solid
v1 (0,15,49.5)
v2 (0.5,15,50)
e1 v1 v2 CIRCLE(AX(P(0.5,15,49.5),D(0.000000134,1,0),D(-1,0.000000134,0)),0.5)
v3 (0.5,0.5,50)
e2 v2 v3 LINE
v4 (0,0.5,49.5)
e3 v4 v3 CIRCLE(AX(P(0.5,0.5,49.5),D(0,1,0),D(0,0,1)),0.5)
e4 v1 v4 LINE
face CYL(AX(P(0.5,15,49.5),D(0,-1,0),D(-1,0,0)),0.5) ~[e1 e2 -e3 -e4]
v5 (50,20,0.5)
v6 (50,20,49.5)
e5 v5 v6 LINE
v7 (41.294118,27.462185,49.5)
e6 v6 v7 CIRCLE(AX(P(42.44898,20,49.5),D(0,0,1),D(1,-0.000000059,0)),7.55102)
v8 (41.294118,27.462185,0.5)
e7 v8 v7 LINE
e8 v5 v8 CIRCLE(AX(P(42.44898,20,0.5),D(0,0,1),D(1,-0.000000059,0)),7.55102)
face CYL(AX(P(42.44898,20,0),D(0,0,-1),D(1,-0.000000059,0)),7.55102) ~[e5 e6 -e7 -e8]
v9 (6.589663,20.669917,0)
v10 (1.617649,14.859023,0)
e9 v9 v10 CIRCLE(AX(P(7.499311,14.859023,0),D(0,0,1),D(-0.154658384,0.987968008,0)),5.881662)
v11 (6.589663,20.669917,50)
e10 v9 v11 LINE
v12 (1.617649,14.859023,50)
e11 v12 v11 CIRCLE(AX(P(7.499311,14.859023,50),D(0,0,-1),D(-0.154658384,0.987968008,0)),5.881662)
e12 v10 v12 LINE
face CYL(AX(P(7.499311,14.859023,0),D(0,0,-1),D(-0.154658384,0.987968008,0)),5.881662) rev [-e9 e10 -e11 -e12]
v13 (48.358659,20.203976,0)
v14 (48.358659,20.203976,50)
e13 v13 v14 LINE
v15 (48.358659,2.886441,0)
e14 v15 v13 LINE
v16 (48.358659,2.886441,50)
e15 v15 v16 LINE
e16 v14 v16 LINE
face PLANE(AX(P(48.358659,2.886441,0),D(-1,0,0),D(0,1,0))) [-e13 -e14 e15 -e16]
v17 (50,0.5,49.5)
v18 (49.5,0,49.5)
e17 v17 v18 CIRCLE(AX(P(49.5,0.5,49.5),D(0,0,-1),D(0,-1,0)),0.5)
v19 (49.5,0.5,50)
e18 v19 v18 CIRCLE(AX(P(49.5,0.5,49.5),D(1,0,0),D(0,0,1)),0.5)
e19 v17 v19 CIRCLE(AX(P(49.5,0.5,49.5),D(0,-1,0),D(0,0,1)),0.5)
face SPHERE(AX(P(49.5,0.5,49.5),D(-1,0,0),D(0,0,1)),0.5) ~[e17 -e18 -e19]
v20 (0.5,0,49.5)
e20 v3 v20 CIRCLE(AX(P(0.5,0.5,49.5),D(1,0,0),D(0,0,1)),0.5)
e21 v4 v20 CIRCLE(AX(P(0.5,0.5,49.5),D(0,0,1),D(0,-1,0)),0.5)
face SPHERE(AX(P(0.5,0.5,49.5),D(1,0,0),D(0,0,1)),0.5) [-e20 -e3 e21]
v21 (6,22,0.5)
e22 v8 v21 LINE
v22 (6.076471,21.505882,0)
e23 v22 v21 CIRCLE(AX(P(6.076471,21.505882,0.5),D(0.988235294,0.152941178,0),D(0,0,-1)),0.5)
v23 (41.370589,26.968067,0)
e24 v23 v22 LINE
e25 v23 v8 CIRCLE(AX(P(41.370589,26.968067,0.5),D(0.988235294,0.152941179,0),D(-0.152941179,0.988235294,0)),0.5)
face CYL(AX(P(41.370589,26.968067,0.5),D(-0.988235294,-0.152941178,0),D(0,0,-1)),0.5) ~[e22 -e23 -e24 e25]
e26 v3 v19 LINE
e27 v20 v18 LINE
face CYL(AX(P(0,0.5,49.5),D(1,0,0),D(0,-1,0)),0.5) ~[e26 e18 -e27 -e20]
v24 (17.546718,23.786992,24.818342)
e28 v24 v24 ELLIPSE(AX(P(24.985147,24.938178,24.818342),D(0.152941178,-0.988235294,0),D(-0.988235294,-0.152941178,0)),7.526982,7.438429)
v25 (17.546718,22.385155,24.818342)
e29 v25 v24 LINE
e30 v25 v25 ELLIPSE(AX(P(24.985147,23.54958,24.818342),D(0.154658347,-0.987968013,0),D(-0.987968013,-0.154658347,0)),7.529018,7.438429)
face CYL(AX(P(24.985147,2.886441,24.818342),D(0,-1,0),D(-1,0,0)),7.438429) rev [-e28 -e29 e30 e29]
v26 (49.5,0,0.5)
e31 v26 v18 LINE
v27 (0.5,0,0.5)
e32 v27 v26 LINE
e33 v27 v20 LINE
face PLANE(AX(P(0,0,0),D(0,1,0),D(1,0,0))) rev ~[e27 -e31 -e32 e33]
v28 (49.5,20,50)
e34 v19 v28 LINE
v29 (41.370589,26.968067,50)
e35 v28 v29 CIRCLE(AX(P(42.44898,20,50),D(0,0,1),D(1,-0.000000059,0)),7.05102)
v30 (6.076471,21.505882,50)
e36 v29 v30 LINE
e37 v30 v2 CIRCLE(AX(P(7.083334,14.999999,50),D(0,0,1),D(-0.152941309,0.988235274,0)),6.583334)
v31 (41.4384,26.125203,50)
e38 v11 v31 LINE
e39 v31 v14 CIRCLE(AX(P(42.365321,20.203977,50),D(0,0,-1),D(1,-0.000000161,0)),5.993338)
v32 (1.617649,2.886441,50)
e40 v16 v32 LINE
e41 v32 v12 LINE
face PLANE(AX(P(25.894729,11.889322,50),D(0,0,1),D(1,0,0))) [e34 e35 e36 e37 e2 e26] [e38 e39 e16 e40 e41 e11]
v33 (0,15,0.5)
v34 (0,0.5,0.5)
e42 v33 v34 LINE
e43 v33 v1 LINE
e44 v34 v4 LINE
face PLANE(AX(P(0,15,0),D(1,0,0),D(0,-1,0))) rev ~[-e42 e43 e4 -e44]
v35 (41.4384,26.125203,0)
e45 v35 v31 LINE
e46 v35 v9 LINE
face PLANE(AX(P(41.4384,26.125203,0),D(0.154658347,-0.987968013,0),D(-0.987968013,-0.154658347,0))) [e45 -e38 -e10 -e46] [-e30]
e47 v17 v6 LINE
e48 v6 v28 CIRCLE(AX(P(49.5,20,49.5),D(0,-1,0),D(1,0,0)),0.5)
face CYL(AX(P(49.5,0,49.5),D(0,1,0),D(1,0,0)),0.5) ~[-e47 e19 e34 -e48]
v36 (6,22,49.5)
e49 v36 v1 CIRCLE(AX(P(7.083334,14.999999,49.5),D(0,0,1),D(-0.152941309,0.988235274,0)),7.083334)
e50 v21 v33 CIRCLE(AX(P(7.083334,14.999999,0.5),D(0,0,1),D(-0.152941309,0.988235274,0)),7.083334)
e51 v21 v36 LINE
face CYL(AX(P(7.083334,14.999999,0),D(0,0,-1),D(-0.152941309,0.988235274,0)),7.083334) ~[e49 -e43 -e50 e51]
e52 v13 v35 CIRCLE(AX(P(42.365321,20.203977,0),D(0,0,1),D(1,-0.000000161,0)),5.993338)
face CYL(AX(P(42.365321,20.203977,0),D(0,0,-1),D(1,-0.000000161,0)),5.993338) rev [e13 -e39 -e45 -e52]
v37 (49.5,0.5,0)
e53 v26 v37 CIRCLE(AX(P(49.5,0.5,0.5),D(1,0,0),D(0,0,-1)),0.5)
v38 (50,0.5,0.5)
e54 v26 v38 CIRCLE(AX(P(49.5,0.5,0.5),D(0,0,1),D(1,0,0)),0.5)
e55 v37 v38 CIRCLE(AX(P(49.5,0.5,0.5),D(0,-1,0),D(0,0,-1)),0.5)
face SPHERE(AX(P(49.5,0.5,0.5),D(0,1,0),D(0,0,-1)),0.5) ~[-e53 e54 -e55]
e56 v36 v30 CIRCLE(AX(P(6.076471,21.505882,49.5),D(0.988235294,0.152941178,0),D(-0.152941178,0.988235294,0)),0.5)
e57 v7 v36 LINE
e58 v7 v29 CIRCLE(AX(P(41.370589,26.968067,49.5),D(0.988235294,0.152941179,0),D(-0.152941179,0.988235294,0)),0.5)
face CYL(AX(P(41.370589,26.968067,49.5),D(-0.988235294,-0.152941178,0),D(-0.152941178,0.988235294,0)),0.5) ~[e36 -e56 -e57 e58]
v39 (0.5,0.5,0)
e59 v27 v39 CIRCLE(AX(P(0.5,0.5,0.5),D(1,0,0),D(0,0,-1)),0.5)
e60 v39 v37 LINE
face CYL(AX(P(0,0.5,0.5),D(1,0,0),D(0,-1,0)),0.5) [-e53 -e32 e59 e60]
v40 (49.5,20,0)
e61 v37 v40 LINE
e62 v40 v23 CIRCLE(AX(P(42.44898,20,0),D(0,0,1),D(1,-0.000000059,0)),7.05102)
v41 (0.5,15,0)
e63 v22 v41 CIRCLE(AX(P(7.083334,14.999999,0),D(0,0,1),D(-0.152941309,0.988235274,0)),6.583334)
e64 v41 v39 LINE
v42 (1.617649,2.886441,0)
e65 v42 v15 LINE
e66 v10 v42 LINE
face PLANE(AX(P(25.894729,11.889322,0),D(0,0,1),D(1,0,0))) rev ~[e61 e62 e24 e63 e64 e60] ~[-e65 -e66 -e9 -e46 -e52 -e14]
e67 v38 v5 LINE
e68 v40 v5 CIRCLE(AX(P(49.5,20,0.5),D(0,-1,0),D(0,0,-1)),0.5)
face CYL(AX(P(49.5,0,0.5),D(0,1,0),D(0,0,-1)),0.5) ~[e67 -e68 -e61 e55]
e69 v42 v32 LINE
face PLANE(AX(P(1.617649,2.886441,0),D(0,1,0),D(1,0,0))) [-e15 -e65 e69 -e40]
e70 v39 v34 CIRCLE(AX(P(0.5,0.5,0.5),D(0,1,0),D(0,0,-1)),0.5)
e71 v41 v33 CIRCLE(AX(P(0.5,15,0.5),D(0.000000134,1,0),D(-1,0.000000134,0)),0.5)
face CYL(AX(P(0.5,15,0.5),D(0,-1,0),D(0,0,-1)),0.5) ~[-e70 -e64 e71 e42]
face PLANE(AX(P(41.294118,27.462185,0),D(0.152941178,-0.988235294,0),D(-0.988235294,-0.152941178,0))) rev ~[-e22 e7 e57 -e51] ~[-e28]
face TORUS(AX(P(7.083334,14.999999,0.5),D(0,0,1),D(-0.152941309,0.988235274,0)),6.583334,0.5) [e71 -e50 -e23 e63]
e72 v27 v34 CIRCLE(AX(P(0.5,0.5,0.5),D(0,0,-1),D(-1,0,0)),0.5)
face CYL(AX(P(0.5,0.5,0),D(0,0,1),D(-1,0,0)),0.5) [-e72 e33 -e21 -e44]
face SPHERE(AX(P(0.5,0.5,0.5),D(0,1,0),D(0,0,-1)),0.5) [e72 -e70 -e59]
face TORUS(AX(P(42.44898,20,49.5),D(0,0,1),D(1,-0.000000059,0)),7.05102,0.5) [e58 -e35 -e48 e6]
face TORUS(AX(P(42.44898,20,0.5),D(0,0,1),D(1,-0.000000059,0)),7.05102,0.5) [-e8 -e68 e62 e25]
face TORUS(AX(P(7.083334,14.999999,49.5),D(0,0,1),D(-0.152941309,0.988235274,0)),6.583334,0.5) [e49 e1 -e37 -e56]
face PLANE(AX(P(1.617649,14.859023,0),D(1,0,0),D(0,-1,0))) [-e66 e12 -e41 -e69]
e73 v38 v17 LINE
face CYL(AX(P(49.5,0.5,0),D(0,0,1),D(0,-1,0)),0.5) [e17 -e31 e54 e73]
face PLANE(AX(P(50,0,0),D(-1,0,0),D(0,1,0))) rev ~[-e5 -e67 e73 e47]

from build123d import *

# Parameters (mm, degrees)
PAD_DEPTH       = 50
POCKET_DEPTH    = 50.001
FILLET_R        = 0.5
SKETCH003_R     = 7.438429
POCKET001_DEPTH = 24.66558


with BuildPart() as part:
    # Sketch → Pad (new body)
    with BuildSketch(Plane.XY):
        with BuildLine():
            Line((0, 15), (0, 0))
            Line((0, 0), (50, 0))
            Line((50, 0), (50, 20))
            ThreePointArc((50, 20), (47.363119, 25.733162), (41.294118, 27.462185))
            Line((41.294118, 27.462185), (6, 22))
            ThreePointArc((6, 22), (1.705266, 19.609772), (0, 15))
        make_face()
    extrude(amount=PAD_DEPTH)

    # Sketch002 → Pocket (cut, through all)
    with BuildSketch(Plane.XY):
        with BuildLine():
            Line((1.617649, 14.859023), (1.617649, 2.886441))
            Line((1.617649, 2.886441), (48.358659, 2.886441))
            Line((48.358659, 2.886441), (48.358659, 20.203976))
            ThreePointArc((48.358659, 20.203976), (46.261778, 24.757846), (41.4384, 26.125203))
            Line((41.4384, 26.125203), (6.589663, 20.669917))
            ThreePointArc((6.589663, 20.669917), (3.030296, 18.682876), (1.617649, 14.859023))
        make_face()
    extrude(amount=POCKET_DEPTH, mode=Mode.SUBTRACT)

    # Fillet
    fillet_edges = [part.edges().sort_by_distance(p)[0] for p in [
        (25, 0, 50),
        (0, 7.5, 50),
        (1.705266, 19.609772, 50),
        (23.647059, 24.731092, 50),
        (47.363119, 25.733162, 50),
        (50, 10, 50),
        (50, 10, 0),
        (25, 0, 0),
        (50, 0, 25),
        (0, 0, 25),
    ]]
    fillet(fillet_edges, radius=FILLET_R)

    # Sketch003 (on Face21 of Fillet) → Pocket001 (cut, through all)
    with BuildSketch(Plane(origin=(0, 2.886441, 0), x_dir=(-1, 0, 0), z_dir=(0, 1, 0))):
        with Locations((-24.985147, 24.818342)):
            Circle(SKETCH003_R)
    extrude(amount=POCKET001_DEPTH, mode=Mode.SUBTRACT)


solid = part.part
